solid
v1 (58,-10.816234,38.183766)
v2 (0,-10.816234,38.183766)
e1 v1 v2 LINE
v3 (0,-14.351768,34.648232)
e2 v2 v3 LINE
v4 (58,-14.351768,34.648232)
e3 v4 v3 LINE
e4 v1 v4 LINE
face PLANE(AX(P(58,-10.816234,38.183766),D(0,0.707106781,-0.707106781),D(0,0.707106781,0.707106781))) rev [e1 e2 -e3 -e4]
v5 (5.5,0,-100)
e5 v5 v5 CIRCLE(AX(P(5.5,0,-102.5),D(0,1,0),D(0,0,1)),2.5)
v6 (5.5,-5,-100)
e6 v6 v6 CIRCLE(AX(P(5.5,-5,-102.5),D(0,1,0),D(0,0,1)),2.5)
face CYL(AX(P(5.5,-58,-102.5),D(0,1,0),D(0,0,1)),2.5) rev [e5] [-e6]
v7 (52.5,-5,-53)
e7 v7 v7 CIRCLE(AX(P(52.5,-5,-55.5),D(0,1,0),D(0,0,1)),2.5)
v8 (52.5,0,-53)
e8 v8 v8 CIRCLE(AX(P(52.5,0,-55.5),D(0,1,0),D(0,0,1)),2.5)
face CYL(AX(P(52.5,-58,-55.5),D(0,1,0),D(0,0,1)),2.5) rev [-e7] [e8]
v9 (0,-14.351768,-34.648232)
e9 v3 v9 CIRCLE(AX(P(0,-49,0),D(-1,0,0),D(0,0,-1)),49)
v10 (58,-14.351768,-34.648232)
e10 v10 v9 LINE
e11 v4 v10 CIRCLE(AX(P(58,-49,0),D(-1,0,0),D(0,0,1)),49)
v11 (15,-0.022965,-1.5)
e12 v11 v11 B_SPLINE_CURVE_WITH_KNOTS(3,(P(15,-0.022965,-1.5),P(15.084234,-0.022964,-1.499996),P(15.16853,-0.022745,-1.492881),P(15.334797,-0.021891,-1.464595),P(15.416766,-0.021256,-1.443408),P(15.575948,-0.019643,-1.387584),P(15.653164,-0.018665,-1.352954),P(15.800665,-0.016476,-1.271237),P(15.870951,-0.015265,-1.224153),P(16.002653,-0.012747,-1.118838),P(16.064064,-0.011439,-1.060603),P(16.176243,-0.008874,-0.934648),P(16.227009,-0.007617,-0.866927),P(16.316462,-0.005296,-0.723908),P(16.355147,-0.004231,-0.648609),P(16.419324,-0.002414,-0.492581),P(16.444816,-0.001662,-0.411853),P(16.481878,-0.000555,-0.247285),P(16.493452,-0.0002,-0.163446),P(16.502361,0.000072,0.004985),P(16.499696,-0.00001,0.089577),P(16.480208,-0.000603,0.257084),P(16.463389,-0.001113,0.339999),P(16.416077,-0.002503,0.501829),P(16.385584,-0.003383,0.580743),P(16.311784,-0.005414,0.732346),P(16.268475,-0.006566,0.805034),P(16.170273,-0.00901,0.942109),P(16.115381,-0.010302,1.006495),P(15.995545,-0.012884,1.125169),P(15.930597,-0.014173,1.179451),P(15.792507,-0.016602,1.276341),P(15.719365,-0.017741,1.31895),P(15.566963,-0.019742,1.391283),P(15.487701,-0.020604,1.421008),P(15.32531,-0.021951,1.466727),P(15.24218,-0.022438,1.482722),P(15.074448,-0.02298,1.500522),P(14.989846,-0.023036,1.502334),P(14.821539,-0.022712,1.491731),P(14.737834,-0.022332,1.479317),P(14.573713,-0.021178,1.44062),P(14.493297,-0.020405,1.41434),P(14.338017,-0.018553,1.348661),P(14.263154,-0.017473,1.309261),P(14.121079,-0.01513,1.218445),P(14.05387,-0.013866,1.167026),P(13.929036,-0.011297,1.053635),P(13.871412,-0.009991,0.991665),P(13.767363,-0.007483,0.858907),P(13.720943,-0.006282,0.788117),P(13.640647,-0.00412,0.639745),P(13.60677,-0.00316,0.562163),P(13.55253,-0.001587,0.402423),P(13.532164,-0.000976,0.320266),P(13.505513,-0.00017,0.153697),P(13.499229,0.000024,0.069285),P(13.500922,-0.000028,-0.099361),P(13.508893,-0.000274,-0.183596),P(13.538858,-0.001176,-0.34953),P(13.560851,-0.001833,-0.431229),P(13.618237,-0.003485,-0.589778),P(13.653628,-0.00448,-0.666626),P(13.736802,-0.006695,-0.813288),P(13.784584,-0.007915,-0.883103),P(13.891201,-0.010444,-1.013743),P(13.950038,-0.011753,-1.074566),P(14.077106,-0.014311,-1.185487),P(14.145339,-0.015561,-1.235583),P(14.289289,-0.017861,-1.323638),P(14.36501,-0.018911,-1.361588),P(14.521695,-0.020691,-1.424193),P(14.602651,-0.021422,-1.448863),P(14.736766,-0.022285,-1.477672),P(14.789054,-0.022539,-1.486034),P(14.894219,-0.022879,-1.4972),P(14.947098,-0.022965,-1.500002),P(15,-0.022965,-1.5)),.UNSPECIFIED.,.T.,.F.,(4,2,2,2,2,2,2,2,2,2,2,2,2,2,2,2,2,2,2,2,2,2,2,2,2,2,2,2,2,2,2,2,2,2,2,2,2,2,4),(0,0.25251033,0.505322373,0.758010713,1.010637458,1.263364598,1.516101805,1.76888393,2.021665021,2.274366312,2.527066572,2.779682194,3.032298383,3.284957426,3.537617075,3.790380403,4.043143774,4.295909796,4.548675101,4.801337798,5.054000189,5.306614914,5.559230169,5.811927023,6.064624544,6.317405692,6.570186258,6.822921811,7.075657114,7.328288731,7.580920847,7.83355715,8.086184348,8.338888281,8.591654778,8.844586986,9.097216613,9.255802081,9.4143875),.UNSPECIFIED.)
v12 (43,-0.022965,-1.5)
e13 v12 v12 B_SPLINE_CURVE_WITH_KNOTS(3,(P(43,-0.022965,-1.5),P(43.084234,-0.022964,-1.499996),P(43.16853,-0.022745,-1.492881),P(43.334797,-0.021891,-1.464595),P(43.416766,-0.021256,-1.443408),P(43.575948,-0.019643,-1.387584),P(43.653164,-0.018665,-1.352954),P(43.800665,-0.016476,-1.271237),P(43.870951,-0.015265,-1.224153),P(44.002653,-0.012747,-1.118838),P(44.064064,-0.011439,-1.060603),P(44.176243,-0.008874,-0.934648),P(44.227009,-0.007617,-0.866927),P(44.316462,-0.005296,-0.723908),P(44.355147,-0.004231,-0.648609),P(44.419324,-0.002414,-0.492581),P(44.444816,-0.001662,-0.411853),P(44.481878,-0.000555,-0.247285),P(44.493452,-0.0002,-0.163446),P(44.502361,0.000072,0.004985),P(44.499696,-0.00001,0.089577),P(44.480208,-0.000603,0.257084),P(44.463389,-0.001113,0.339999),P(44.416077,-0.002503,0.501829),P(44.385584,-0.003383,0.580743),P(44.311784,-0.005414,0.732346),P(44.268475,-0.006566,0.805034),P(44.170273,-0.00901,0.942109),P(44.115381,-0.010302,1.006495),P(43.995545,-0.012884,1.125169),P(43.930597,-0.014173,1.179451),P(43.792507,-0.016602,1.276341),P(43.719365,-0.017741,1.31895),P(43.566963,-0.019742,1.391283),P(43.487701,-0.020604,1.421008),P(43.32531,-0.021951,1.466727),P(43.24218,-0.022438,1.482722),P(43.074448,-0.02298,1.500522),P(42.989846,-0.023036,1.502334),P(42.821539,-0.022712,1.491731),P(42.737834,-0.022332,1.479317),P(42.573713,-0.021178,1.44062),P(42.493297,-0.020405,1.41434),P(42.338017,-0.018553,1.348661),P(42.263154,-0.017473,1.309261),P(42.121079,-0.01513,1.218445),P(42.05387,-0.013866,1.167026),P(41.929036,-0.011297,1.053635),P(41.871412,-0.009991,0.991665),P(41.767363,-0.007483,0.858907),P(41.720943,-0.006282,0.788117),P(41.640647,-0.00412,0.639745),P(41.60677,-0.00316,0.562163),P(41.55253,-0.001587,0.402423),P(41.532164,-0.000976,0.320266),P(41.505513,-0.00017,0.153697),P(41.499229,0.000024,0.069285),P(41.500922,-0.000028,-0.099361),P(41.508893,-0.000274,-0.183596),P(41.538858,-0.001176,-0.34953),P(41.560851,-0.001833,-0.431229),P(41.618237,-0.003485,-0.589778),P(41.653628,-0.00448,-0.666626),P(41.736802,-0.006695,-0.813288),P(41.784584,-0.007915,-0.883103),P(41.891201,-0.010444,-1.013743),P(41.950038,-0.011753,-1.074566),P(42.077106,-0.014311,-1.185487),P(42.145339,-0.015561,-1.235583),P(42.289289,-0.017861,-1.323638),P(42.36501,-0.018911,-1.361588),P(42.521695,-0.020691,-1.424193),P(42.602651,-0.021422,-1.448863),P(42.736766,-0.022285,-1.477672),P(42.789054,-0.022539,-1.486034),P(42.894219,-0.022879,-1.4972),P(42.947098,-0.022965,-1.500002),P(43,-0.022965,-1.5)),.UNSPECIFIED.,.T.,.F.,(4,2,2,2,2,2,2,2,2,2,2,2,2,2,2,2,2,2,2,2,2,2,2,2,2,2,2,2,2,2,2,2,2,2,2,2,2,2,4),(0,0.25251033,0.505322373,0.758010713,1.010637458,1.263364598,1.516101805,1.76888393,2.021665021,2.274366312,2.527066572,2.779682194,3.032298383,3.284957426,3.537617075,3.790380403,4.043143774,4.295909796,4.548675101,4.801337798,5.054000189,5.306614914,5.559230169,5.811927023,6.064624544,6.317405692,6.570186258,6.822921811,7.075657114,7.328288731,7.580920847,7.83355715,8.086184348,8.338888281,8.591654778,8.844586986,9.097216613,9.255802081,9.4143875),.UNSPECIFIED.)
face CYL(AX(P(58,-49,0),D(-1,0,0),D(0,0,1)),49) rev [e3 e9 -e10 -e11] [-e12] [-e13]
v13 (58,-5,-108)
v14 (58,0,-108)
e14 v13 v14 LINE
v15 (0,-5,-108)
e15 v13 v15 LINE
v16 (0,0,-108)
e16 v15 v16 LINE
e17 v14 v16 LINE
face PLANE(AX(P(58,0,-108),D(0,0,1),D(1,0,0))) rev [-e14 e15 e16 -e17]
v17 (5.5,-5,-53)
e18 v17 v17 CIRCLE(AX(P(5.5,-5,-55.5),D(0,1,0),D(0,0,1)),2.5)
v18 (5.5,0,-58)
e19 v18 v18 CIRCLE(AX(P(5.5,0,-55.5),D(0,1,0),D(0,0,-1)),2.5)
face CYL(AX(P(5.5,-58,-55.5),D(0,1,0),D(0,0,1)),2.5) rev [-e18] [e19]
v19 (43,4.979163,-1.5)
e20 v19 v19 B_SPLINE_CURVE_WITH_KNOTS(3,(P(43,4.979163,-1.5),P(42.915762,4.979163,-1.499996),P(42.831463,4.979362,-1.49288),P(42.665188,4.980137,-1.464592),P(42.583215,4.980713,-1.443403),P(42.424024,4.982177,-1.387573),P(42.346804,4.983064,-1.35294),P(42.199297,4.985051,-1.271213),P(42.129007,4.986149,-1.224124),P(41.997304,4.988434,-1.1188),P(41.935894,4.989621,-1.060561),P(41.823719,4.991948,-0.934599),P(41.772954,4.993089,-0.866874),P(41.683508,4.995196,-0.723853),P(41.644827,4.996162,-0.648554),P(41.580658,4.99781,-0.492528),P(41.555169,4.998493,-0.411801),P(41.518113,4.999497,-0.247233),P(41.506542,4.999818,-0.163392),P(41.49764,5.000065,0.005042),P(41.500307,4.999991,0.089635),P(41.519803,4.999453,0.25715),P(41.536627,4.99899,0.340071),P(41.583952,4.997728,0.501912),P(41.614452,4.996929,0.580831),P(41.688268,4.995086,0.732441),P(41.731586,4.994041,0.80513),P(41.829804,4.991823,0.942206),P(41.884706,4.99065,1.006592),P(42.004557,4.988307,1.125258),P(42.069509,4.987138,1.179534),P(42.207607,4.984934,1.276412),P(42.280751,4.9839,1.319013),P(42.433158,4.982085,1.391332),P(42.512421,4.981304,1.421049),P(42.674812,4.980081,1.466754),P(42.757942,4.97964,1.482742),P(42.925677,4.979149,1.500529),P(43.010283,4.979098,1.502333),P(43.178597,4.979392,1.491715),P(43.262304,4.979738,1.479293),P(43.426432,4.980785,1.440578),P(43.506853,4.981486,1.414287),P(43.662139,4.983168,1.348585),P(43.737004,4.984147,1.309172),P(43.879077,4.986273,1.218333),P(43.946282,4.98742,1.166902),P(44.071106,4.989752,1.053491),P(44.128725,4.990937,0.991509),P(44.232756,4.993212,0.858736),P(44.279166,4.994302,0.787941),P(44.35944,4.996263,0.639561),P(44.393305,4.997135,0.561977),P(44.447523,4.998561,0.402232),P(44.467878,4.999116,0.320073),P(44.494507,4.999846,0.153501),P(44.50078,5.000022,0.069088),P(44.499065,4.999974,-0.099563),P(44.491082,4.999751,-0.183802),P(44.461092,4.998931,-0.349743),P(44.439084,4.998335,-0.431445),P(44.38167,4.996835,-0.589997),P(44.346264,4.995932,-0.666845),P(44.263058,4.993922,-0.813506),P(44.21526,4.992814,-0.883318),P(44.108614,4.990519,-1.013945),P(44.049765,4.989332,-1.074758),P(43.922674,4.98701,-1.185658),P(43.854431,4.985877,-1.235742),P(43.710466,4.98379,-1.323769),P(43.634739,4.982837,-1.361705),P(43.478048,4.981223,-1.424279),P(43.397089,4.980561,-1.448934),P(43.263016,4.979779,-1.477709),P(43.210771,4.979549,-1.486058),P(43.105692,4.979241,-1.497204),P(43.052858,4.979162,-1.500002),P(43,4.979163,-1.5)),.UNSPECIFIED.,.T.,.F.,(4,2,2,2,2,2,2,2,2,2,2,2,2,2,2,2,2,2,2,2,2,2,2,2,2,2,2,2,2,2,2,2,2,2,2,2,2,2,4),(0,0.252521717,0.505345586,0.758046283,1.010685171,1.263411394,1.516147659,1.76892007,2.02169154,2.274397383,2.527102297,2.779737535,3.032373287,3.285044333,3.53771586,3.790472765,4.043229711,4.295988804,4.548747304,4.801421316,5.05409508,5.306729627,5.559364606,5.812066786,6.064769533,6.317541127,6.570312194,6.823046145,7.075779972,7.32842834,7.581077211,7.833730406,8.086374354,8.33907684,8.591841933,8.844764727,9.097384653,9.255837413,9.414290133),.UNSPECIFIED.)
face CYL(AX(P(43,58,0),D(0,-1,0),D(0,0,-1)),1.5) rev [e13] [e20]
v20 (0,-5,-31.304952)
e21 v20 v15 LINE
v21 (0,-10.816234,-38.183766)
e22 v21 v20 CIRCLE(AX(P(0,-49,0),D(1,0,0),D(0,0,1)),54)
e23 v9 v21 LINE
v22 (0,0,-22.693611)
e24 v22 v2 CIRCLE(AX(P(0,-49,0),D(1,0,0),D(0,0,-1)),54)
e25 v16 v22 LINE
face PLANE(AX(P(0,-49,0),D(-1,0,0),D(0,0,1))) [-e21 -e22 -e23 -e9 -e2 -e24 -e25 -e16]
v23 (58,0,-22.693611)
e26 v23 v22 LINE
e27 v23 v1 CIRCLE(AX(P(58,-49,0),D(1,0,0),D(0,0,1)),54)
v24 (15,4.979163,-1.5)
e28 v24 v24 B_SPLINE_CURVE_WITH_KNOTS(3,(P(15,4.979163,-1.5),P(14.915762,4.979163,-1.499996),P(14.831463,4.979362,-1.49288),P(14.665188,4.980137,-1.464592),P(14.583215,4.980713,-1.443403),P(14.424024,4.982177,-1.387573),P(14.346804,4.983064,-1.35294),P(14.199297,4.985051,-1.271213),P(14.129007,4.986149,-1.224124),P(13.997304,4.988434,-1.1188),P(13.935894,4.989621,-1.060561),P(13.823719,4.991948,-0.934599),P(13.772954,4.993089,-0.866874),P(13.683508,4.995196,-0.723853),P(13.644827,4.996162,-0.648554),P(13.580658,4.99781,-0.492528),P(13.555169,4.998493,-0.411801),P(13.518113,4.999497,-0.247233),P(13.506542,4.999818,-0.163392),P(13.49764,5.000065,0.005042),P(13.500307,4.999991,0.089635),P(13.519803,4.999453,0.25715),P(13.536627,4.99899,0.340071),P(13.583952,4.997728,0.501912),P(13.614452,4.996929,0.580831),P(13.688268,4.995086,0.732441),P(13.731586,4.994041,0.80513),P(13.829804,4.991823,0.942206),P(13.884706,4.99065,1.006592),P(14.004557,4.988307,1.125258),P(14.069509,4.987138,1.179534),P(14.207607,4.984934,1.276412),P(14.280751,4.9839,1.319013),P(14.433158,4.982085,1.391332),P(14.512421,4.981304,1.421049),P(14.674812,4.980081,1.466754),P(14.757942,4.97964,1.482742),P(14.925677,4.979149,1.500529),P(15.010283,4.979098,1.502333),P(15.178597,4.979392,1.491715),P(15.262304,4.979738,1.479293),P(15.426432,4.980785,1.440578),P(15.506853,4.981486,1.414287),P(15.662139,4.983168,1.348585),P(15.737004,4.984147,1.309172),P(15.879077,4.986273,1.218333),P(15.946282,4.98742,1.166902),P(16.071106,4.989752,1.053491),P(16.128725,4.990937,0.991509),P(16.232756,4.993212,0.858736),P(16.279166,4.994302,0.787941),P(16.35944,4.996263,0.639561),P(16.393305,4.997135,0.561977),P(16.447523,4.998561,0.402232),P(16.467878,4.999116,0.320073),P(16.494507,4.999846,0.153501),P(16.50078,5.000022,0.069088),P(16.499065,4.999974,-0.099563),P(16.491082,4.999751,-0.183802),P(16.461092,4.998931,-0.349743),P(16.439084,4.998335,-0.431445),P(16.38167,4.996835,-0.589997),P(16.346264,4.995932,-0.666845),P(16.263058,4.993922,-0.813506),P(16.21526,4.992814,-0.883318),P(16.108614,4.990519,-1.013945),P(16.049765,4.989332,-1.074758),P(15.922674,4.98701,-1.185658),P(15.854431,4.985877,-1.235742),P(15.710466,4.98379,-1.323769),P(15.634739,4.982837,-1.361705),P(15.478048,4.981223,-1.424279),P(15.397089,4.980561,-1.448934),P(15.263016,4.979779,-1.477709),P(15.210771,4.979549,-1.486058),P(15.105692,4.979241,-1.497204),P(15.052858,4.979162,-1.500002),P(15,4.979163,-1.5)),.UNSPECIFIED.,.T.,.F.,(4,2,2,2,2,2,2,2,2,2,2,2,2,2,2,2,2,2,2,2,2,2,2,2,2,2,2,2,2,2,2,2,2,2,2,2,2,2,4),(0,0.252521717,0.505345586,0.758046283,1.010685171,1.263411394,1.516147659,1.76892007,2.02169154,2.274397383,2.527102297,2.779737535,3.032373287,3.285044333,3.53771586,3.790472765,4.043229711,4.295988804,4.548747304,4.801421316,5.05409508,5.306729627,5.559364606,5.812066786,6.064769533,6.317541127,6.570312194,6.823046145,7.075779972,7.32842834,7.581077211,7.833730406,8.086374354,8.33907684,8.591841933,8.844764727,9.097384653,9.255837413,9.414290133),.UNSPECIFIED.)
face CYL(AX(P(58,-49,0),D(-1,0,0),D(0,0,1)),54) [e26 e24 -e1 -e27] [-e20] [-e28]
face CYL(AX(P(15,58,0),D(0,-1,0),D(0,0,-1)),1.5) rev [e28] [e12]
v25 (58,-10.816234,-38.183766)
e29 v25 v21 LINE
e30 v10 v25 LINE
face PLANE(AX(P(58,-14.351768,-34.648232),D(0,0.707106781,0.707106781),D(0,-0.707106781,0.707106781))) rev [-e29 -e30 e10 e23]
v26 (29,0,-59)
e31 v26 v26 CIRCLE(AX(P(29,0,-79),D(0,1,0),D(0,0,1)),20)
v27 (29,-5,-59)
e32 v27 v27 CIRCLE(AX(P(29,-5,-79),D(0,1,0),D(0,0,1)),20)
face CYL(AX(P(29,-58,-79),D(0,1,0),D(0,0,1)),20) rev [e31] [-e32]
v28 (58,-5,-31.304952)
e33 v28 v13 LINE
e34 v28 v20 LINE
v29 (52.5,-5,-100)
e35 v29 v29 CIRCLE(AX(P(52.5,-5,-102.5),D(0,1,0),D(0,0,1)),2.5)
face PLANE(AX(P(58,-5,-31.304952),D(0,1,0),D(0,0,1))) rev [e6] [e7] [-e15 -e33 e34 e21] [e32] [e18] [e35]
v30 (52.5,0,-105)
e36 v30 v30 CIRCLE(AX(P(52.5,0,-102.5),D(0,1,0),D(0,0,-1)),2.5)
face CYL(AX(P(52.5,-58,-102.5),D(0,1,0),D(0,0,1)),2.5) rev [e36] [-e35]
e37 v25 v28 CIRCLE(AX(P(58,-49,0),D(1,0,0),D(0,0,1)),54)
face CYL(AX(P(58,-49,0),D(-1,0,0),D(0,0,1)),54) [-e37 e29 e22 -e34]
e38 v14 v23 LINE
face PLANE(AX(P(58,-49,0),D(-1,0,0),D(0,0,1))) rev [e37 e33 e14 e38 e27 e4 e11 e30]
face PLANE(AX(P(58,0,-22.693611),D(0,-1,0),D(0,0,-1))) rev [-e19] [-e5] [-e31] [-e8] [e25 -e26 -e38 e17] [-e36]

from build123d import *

# Parameters (mm, degrees)
BOSS_EXTRUDE2_DEPTH     = 58
SKETCH6_R               = 2.5
SKETCH6_R_2             = 20
CUT_EXTRUDE3_DEPTH      = 58
CUT_EXTRUDE4_DEPTH      = 58
CUT_EXTRUDE4_DEPTH_BACK = 58
SKETCH7_R               = 1.5


with BuildPart() as part:
    # Sketch5 → Boss-Extrude2 (new body)
    with BuildSketch(Plane(origin=(0, 0, 0), x_dir=(0, 0, -1), z_dir=(1, 0, 0))):
        with BuildLine():
            Line((108, 0), (108, -5))
            Line((108, -5), (31.304951685, -5))
            ThreePointArc((31.304951685, -5), (34.8658518, -7.764428241), (38.183766184, -10.816233816))
            Line((38.183766184, -10.816233816), (34.648232278, -14.351767722))
            ThreePointArc((34.648232278, -14.351767722), (18.751488186, -3.729902907), (0, 0))
            ThreePointArc((0, 0), (-18.751488186, -3.729902907), (-34.648232278, -14.351767722))
            Line((-34.648232278, -14.351767722), (-38.183766184, -10.816233816))
            ThreePointArc((-38.183766184, -10.816233816), (-20.664905348, 0.889494756), (0, 5))
            ThreePointArc((0, 5), (11.618950039, 3.735187494), (22.693611436, 0))
            Line((22.693611436, 0), (108, 0))
        make_face()
    extrude(amount=BOSS_EXTRUDE2_DEPTH)

    # Sketch6 → Cut-Extrude3 (cut)
    with BuildSketch(Plane(origin=(0, 0, 0), x_dir=(1, 0, 0), z_dir=(0, 1, 0))):
        with Locations((5.5, 102.5)):
            Circle(SKETCH6_R)
        with Locations((52.5, 102.5)):
            Circle(SKETCH6_R)
        with Locations((52.5, 55.5)):
            Circle(SKETCH6_R)
        with Locations((5.5, 55.5)):
            Circle(SKETCH6_R)
        with Locations((29, 79)):
            Circle(SKETCH6_R_2)
    extrude(amount=-CUT_EXTRUDE3_DEPTH, mode=Mode.SUBTRACT)

    # Sketch7 → Cut-Extrude4 (cut, two sides: drawn at the far end of the back side and taken through both)
    with BuildSketch(Plane(origin=(0, 0, 0), x_dir=(1, 0, 0), z_dir=(0, 1, 0)).offset(-CUT_EXTRUDE4_DEPTH_BACK)):
        with Locations((15, 0)):
            Circle(SKETCH7_R)
        with Locations((43, 0)):
            Circle(SKETCH7_R)
    extrude(amount=CUT_EXTRUDE4_DEPTH + CUT_EXTRUDE4_DEPTH_BACK, mode=Mode.SUBTRACT)


solid = part.part
